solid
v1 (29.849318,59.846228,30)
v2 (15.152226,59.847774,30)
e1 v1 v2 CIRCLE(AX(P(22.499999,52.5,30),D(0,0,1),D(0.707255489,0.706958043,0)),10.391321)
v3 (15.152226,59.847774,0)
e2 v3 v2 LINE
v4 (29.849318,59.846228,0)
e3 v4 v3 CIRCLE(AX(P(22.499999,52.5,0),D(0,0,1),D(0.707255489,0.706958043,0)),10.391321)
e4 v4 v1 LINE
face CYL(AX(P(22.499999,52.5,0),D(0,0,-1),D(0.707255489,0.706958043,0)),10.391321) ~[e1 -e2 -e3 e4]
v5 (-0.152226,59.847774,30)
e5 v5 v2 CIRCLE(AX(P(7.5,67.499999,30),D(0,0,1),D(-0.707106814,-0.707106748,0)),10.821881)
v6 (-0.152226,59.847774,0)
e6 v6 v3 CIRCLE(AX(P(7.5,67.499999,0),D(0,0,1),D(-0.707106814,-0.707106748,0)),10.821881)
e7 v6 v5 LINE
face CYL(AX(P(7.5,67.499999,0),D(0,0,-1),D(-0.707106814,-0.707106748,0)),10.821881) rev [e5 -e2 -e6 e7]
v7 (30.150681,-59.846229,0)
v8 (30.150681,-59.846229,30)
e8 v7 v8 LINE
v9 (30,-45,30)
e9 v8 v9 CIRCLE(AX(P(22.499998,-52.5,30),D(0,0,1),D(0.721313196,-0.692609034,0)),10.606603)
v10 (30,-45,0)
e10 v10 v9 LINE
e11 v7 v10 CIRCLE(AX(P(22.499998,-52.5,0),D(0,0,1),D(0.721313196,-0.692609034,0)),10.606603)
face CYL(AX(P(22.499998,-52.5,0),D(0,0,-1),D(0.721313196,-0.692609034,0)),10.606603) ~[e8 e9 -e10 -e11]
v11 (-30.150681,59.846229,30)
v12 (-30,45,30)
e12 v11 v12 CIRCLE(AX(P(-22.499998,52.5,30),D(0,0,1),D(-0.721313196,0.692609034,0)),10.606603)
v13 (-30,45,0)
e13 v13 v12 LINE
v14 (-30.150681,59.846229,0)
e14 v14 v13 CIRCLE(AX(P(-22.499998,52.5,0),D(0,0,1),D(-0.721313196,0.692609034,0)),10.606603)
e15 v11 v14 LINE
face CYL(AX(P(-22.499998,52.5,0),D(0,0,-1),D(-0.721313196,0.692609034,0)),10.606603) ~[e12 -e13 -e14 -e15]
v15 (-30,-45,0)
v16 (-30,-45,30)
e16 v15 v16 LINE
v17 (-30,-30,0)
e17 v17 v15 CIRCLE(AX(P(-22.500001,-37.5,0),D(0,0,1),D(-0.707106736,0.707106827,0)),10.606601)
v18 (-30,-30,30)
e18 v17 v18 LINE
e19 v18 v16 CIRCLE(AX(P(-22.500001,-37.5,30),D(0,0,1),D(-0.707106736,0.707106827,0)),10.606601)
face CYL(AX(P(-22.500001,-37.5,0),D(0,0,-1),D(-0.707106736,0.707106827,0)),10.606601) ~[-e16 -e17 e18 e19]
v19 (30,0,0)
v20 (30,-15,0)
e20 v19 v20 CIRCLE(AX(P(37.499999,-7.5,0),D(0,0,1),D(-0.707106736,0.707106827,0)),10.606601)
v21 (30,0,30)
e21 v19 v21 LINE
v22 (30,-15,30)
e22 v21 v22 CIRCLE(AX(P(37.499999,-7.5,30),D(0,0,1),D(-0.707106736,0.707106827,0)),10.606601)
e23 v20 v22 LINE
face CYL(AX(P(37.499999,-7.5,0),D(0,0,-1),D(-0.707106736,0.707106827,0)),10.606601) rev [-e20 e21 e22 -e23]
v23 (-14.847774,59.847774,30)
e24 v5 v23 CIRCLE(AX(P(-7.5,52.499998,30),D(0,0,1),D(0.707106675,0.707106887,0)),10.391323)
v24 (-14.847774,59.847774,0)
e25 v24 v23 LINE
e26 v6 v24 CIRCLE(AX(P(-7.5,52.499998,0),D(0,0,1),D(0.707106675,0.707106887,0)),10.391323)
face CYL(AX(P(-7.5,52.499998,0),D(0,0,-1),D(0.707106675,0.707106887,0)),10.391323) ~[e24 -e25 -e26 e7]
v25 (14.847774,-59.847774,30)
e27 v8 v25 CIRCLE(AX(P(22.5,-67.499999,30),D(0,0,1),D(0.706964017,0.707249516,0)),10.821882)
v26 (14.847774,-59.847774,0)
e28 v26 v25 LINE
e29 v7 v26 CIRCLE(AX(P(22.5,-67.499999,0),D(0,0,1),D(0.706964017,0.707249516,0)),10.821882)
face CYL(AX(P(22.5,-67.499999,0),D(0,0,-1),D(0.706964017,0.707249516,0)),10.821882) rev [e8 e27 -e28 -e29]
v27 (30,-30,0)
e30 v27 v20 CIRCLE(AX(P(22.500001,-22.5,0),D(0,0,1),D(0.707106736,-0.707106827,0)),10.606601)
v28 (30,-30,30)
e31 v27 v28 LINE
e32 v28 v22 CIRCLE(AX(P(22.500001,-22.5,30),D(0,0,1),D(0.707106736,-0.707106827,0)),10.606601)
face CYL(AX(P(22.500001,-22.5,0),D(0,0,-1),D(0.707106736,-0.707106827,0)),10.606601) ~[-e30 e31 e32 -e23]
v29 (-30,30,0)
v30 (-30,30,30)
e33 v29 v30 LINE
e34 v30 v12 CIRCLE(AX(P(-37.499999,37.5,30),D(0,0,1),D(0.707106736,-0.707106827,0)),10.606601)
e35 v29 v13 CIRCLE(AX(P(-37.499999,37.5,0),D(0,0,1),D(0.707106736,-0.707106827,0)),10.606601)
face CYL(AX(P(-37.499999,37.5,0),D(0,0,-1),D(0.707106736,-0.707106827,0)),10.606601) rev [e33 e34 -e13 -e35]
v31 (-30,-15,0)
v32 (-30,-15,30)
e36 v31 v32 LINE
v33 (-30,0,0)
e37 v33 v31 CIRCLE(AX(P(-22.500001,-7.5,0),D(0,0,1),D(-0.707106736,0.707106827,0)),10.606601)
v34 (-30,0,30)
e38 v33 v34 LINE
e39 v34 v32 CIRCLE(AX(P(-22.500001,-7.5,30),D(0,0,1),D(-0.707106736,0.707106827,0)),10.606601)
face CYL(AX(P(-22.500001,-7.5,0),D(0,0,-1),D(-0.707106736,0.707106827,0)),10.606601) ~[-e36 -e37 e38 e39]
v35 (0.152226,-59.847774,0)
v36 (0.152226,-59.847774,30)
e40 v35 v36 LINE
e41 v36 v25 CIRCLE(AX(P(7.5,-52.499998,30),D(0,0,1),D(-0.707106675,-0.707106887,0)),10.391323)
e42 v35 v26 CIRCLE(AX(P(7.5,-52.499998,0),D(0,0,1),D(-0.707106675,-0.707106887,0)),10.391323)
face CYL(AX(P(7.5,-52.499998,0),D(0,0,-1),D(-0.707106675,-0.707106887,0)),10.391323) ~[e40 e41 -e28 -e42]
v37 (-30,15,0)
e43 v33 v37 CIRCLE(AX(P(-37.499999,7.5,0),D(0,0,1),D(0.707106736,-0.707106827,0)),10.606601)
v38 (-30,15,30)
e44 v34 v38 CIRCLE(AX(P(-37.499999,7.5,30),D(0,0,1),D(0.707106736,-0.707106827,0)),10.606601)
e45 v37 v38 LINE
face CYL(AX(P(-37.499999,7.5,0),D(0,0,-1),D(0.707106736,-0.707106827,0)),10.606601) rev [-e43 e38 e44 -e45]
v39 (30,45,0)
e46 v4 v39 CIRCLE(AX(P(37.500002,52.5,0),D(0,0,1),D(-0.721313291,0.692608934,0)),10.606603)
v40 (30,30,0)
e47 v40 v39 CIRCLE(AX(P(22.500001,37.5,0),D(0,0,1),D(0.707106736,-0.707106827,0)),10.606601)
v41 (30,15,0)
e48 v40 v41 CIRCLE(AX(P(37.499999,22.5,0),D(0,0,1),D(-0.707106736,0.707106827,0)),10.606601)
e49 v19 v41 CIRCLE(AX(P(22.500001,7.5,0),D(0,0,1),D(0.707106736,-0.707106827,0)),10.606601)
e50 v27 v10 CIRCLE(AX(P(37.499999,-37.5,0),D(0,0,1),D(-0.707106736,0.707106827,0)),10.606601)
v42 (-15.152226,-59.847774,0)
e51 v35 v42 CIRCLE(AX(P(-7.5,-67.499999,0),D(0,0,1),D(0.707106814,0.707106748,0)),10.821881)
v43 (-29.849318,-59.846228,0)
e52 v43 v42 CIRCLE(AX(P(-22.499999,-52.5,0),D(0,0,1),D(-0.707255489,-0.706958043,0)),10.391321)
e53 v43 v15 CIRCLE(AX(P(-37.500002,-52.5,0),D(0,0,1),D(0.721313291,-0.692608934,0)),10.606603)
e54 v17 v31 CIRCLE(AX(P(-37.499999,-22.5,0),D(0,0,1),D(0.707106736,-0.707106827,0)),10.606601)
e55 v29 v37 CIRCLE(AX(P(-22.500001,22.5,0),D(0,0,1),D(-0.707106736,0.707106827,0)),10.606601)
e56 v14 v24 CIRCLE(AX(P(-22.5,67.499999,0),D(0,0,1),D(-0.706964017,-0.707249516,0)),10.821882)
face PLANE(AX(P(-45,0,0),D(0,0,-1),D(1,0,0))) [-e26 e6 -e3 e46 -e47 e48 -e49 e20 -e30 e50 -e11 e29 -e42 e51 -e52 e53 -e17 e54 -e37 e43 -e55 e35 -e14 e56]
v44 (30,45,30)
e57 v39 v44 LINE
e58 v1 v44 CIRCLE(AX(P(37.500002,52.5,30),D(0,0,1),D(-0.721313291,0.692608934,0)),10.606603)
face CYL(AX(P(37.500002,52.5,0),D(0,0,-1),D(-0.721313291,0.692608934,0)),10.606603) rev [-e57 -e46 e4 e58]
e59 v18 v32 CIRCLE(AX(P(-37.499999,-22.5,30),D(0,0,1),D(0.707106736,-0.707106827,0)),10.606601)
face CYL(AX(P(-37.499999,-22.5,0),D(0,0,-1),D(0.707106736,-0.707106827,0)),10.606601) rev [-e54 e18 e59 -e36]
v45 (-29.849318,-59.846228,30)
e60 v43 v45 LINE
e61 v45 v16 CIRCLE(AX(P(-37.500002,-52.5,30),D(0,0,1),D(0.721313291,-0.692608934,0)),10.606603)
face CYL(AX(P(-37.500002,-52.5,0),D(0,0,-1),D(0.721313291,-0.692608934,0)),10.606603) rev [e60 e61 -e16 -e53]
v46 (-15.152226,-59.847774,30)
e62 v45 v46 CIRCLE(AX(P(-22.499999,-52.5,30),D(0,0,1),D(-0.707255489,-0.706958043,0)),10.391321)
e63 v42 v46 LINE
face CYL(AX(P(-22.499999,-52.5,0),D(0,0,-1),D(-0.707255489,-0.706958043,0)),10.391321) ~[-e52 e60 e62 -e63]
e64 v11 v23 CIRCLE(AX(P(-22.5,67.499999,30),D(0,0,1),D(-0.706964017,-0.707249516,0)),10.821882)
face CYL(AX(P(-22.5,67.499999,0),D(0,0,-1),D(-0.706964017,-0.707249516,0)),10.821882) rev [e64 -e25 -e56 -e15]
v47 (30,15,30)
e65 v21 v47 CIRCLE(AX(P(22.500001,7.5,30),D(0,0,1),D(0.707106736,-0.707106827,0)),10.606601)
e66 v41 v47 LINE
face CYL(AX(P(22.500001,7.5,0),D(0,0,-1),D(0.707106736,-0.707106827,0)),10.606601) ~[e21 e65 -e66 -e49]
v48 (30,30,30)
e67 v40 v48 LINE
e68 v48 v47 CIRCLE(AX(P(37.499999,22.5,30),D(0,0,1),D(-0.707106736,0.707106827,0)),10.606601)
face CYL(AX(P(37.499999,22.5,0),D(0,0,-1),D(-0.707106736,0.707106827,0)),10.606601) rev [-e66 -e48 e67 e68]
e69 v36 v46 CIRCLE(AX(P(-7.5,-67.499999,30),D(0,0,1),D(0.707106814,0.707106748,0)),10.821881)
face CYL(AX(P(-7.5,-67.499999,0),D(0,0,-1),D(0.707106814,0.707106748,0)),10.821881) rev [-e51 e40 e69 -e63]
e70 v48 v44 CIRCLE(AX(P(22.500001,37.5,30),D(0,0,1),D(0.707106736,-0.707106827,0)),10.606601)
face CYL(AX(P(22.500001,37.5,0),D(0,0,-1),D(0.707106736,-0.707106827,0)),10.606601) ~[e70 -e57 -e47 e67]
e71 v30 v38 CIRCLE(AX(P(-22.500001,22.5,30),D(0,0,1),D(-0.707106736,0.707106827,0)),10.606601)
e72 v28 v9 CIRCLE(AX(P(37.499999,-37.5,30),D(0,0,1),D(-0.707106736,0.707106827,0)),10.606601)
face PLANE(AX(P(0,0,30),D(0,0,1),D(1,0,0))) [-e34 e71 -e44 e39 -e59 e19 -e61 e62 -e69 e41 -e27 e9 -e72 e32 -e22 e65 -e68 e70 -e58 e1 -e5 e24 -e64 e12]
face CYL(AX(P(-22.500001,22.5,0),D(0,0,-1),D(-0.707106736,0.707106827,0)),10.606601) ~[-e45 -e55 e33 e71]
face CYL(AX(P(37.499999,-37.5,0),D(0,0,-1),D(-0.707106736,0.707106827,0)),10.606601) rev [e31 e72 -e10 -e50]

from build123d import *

# Parameters (mm, degrees)
SKETCH016_W                             = 90
SKETCH016_H                             = 2.6
PAD005_DEPTH                            = 65
POCKET006_DEPTH                         = 316.271517
POCKET006_DEPTH_BACK                    = 318.871517
POCKET006_LINEARPATTERN003_2_DEPTH      = 316.271517
POCKET006_LINEARPATTERN003_2_DEPTH_BACK = 318.871517
LINEARPATTERN004_COUNT                  = 4
LINEARPATTERN004_PITCH                  = 30
SKETCH018_W                             = 120
SKETCH018_H                             = 175
POCKET007_DEPTH                         = 2.601
PAD006_DEPTH                            = 30


with BuildPart() as part:
    # Sketch016 → Pad005 (new body, symmetric)
    with BuildSketch(Plane.XZ):
        with Locations((0, 1.3)):
            Rectangle(SKETCH016_W, SKETCH016_H)
    extrude(amount=PAD005_DEPTH, both=True)

    # Sketch017 → Pocket006 (cut, two sides)
    with BuildSketch(Plane.XY) as pocket006_sk:
        with BuildLine():
            ThreePointArc((-30, 57.87868), (-22.5, 55.300828), (-15, 57.87868))
            ThreePointArc((-15, 47.12132), (-13.270688, 52.5), (-15, 57.87868))
            ThreePointArc((-15, 47.12132), (-22.5, 49.699172), (-30, 47.12132))
            ThreePointArc((-30, 57.87868), (-31.729312, 52.5), (-30, 47.12132))
        make_face()
        with BuildLine():
            ThreePointArc((-2.12132, 60), (-7.5, 61.729312), (-12.87868, 60))
            ThreePointArc((-12.87868, 45), (-10.300828, 52.5), (-12.87868, 60))
            ThreePointArc((-12.87868, 45), (-7.5, 43.270688), (-2.12132, 45))
            ThreePointArc((-2.12132, 60), (-4.699172, 52.5), (-2.12132, 45))
        make_face()
        with BuildLine():
            ThreePointArc((-17.12132, 45), (-22.5, 46.729312), (-27.87868, 45))
            ThreePointArc((-27.87868, 30), (-25.300828, 37.5), (-27.87868, 45))
            ThreePointArc((-27.87868, 30), (-22.5, 28.270688), (-17.12132, 30))
            ThreePointArc((-17.12132, 45), (-19.699172, 37.5), (-17.12132, 30))
        make_face()
        with BuildLine():
            ThreePointArc((-15, 42.87868), (-16.729312, 37.5), (-15, 32.12132))
            ThreePointArc((0, 32.12132), (-7.5, 34.699172), (-15, 32.12132))
            ThreePointArc((0, 32.12132), (1.729312, 37.5), (0, 42.87868))
            ThreePointArc((-15, 42.87868), (-7.5, 40.300828), (0, 42.87868))
        make_face()
    pocket006 = extrude(amount=-POCKET006_DEPTH, mode=Mode.SUBTRACT) + extrude(pocket006_sk.sketch, amount=POCKET006_DEPTH_BACK, mode=Mode.SUBTRACT)

    # Sketch017 LinearPattern003 2 → Pocket006 LinearPattern003 2 (cut, two sides)
    with BuildSketch(Plane(origin=(30, 0, 0), x_dir=(1, 0, 0), z_dir=(0, 0, 1))) as pocket006_linearpattern003_2_sk:
        with BuildLine():
            ThreePointArc((-30, 57.87868), (-22.5, 55.300828), (-15, 57.87868))
            ThreePointArc((-15, 47.12132), (-13.270688, 52.5), (-15, 57.87868))
            ThreePointArc((-15, 47.12132), (-22.5, 49.699172), (-30, 47.12132))
            ThreePointArc((-30, 57.87868), (-31.729312, 52.5), (-30, 47.12132))
        make_face()
        with BuildLine():
            ThreePointArc((-2.12132, 60), (-7.5, 61.729312), (-12.87868, 60))
            ThreePointArc((-12.87868, 45), (-10.300828, 52.5), (-12.87868, 60))
            ThreePointArc((-12.87868, 45), (-7.5, 43.270688), (-2.12132, 45))
            ThreePointArc((-2.12132, 60), (-4.699172, 52.5), (-2.12132, 45))
        make_face()
        with BuildLine():
            ThreePointArc((-17.12132, 45), (-22.5, 46.729312), (-27.87868, 45))
            ThreePointArc((-27.87868, 30), (-25.300828, 37.5), (-27.87868, 45))
            ThreePointArc((-27.87868, 30), (-22.5, 28.270688), (-17.12132, 30))
            ThreePointArc((-17.12132, 45), (-19.699172, 37.5), (-17.12132, 30))
        make_face()
        with BuildLine():
            ThreePointArc((-15, 42.87868), (-16.729312, 37.5), (-15, 32.12132))
            ThreePointArc((0, 32.12132), (-7.5, 34.699172), (-15, 32.12132))
            ThreePointArc((0, 32.12132), (1.729312, 37.5), (0, 42.87868))
            ThreePointArc((-15, 42.87868), (-7.5, 40.300828), (0, 42.87868))
        make_face()
    pocket006_linearpattern003_2 = extrude(amount=-POCKET006_LINEARPATTERN003_2_DEPTH, mode=Mode.SUBTRACT) + extrude(pocket006_linearpattern003_2_sk.sketch, amount=POCKET006_LINEARPATTERN003_2_DEPTH_BACK, mode=Mode.SUBTRACT)

    # LinearPattern004: Pocket006, Pocket006 LinearPattern003 2 ×4
    with Locations(*[(0, -i * LINEARPATTERN004_PITCH, 0) for i in range(1, LINEARPATTERN004_COUNT)]):
        add(pocket006, mode=Mode.SUBTRACT)
        add(pocket006_linearpattern003_2, mode=Mode.SUBTRACT)

    # Sketch018 → Pocket007 (cut, through all)
    with BuildSketch(Plane.XY):
        Rectangle(SKETCH018_W, SKETCH018_H)
        with BuildLine():
            ThreePointArc((-30.150681, 59.846229), (-33.106055, 52.392354), (-30, 45))
            ThreePointArc((-30, 30), (-26.893398, 37.5), (-30, 45))
            ThreePointArc((-30, 30), (-33.106602, 22.5), (-30, 15))
            ThreePointArc((-30, 0), (-26.893398, 7.5), (-30, 15))
            ThreePointArc((-30, 0), (-33.106602, -7.5), (-30, -15))
            ThreePointArc((-30, -30), (-26.893398, -22.5), (-30, -15))
            ThreePointArc((-30, -30), (-33.106602, -37.5), (-30, -45))
            ThreePointArc((-29.849318, -59.846228), (-26.893945, -52.392354), (-30, -45))
            ThreePointArc((-29.849318, -59.846228), (-22.501092, -62.891321), (-15.152226, -59.847774))
            ThreePointArc((0.152226, -59.847774), (-7.5, -56.678118), (-15.152226, -59.847774))
            ThreePointArc((0.152226, -59.847774), (7.5, -62.891321), (14.847774, -59.847774))
            ThreePointArc((30.150681, -59.846229), (22.498908, -56.678118), (14.847774, -59.847774))
            ThreePointArc((30.150681, -59.846229), (33.106055, -52.392354), (30, -45))
            ThreePointArc((30, -30), (26.893398, -37.5), (30, -45))
            ThreePointArc((30, -30), (33.106602, -22.5), (30, -15))
            ThreePointArc((30, 0), (26.893398, -7.5), (30, -15))
            ThreePointArc((30, 0), (33.106602, 7.5), (30, 15))
            ThreePointArc((30, 30), (26.893398, 22.5), (30, 15))
            ThreePointArc((30, 30), (33.106602, 37.5), (30, 45))
            ThreePointArc((29.849318, 59.846228), (26.893945, 52.392354), (30, 45))
            ThreePointArc((29.849318, 59.846228), (22.501092, 62.891321), (15.152226, 59.847774))
            ThreePointArc((-0.152226, 59.847774), (7.5, 56.678118), (15.152226, 59.847774))
            ThreePointArc((-0.152226, 59.847774), (-7.5, 62.891321), (-14.847774, 59.847774))
            ThreePointArc((-30.150681, 59.846229), (-22.498908, 56.678118), (-14.847774, 59.847774))
        make_face(mode=Mode.SUBTRACT)
    extrude(amount=POCKET007_DEPTH, mode=Mode.SUBTRACT)

    # Sketch019 → Pad006 (join)
    with BuildSketch(Plane.XY):
        with BuildLine():
            ThreePointArc((-30.150681, 59.846229), (-33.106055, 52.392354), (-30, 45))
            ThreePointArc((-30, 30), (-26.893398, 37.5), (-30, 45))
            ThreePointArc((-30, 30), (-33.106602, 22.5), (-30, 15))
            ThreePointArc((-30, 0), (-26.893398, 7.5), (-30, 15))
            ThreePointArc((-30, 0), (-33.106602, -7.5), (-30, -15))
            ThreePointArc((-30, -30), (-26.893398, -22.5), (-30, -15))
            ThreePointArc((-30, -30), (-33.106602, -37.5), (-30, -45))
            ThreePointArc((-29.849318, -59.846228), (-26.893945, -52.392354), (-30, -45))
            ThreePointArc((-29.849318, -59.846228), (-22.501092, -62.891321), (-15.152226, -59.847774))
            ThreePointArc((0.152226, -59.847774), (-7.5, -56.678118), (-15.152226, -59.847774))
            ThreePointArc((0.152226, -59.847774), (7.5, -62.891321), (14.847774, -59.847774))
            ThreePointArc((30.150681, -59.846229), (22.498908, -56.678118), (14.847774, -59.847774))
            ThreePointArc((30.150681, -59.846229), (33.106055, -52.392354), (30, -45))
            ThreePointArc((30, -30), (26.893398, -37.5), (30, -45))
            ThreePointArc((30, -30), (33.106602, -22.5), (30, -15))
            ThreePointArc((30, 0), (26.893398, -7.5), (30, -15))
            ThreePointArc((30, 0), (33.106602, 7.5), (30, 15))
            ThreePointArc((30, 30), (26.893398, 22.5), (30, 15))
            ThreePointArc((30, 30), (33.106602, 37.5), (30, 45))
            ThreePointArc((29.849318, 59.846228), (26.893945, 52.392354), (30, 45))
            ThreePointArc((29.849318, 59.846228), (22.501092, 62.891321), (15.152226, 59.847774))
            ThreePointArc((-0.152226, 59.847774), (7.5, 56.678118), (15.152226, 59.847774))
            ThreePointArc((-0.152226, 59.847774), (-7.5, 62.891321), (-14.847774, 59.847774))
            ThreePointArc((-30.150681, 59.846229), (-22.498908, 56.678118), (-14.847774, 59.847774))
        make_face()
    extrude(amount=PAD006_DEPTH)


solid = part.part
